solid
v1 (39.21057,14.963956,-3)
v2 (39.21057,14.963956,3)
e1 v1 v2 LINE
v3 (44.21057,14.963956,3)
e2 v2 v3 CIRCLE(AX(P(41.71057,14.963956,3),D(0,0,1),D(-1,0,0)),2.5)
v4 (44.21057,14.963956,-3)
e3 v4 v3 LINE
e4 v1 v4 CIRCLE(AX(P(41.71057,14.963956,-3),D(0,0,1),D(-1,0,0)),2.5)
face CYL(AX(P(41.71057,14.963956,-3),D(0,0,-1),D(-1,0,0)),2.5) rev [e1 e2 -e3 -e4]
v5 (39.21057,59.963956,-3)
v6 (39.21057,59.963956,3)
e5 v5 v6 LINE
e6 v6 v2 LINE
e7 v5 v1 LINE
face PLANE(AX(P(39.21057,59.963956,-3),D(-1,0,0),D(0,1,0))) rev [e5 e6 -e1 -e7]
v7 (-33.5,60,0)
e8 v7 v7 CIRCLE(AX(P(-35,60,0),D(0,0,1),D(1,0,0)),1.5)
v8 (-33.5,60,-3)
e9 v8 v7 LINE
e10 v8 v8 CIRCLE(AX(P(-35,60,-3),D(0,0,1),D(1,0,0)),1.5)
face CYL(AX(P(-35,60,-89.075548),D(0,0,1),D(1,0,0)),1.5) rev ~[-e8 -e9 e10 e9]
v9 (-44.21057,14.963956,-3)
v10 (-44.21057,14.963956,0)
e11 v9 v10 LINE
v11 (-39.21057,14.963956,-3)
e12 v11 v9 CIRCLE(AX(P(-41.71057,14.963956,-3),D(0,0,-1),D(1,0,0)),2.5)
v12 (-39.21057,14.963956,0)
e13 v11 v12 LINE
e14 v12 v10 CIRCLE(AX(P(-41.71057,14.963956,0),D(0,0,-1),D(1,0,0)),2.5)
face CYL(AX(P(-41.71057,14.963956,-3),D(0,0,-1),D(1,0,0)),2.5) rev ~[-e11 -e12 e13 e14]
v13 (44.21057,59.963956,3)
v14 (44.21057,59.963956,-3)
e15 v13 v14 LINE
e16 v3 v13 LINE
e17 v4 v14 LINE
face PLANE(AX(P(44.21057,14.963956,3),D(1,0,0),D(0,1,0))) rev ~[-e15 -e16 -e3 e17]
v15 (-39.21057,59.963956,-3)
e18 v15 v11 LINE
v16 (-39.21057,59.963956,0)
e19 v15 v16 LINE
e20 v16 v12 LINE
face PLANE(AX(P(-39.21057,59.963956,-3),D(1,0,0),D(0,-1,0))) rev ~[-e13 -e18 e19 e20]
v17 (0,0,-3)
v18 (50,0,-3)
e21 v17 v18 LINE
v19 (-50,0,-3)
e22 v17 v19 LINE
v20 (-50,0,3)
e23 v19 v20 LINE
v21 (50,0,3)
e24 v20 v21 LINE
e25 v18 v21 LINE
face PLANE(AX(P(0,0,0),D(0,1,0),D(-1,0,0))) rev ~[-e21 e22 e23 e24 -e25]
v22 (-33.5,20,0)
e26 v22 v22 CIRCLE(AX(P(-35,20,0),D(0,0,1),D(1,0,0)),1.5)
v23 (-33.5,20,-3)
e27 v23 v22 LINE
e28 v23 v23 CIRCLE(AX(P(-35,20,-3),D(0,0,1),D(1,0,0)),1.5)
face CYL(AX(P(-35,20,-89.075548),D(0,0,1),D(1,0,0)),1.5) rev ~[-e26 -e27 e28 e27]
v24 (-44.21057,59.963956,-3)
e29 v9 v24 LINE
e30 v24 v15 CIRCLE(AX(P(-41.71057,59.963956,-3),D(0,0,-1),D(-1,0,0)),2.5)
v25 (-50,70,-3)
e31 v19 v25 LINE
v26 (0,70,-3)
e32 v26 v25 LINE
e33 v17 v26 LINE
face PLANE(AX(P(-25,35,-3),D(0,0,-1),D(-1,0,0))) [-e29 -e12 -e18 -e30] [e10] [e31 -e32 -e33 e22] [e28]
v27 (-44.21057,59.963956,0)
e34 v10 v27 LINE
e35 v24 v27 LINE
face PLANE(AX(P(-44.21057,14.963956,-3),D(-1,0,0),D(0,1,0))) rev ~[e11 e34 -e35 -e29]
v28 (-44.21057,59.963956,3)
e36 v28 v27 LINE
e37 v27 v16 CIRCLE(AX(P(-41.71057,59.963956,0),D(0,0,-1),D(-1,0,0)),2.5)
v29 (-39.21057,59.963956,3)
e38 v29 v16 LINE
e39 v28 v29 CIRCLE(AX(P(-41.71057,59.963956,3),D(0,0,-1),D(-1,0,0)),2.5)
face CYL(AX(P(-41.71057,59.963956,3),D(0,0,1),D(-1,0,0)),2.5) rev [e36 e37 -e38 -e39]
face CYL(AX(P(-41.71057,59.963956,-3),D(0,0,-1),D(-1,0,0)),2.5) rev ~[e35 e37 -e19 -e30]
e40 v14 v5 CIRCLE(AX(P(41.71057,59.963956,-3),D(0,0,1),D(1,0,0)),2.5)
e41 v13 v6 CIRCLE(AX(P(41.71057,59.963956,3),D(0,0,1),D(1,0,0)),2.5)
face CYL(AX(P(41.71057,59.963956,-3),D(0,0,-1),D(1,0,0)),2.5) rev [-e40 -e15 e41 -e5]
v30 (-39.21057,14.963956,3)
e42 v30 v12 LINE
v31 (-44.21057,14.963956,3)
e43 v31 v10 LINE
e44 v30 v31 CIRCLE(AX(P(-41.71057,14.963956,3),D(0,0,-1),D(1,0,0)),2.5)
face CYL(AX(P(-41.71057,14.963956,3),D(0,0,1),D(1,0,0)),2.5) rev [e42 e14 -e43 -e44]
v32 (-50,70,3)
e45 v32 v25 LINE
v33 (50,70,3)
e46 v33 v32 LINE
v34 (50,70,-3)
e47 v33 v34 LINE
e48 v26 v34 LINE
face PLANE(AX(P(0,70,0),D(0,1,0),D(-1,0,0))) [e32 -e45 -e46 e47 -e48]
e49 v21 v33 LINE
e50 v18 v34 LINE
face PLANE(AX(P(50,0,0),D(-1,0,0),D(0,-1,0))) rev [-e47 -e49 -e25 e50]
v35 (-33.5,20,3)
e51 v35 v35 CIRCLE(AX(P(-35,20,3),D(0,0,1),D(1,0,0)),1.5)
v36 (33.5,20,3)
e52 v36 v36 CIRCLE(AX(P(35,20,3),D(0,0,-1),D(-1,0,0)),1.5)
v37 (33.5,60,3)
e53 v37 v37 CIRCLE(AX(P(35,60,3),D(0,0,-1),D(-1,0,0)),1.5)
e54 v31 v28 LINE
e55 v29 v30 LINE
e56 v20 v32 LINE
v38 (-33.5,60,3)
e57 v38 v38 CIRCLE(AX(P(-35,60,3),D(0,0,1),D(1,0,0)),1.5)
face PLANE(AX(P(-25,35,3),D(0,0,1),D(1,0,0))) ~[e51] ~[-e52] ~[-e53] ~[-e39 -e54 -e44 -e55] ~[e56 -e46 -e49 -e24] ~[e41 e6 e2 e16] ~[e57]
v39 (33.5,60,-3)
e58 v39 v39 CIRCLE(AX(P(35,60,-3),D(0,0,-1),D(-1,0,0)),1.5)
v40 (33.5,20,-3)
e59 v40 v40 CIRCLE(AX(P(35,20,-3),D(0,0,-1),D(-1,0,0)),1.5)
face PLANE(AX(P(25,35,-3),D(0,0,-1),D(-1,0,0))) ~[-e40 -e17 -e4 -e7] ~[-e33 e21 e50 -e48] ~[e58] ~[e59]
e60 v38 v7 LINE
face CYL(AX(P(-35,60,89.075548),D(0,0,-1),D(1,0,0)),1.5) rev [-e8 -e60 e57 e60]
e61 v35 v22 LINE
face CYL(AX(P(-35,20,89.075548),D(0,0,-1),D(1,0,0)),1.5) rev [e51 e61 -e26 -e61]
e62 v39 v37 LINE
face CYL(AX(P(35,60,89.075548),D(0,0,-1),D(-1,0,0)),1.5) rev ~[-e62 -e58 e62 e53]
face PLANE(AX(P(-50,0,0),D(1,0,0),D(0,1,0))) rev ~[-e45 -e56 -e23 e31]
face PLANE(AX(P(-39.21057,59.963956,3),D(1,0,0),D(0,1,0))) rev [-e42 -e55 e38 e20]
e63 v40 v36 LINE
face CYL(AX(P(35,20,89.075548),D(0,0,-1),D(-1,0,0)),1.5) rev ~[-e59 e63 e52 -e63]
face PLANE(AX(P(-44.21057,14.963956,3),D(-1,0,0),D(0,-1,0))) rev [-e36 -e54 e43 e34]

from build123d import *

# Parameters (mm, degrees)
F0_W     = 50
F0_H     = 70
F1_DEPTH = 3
F3_D     = 3
F6_DEPTH = 33


with BuildPart() as f1:
    # F0 (on Top) → F1 (new body)
    with BuildSketch(Plane.XY):
        with Locations((25, 35)):
            Rectangle(F0_W, F0_H)
    extrude(amount=F1_DEPTH)

    # F3 (through all)
    with Locations(Plane.XY.offset(3)):
        with Locations((35, 20), (35, 60)):
            Hole(F3_D / 2)

    # F5 (on face) → F6 (cut)
    with BuildSketch(Plane.XY.offset(3)):
        with BuildLine():
            ThreePointArc((44.21057, 59.963956), (41.71057, 62.463956), (39.21057, 59.963956))
            Line((39.21057, 59.963956), (39.21057, 14.963956))
            ThreePointArc((39.21057, 14.963956), (41.71057, 12.463956), (44.21057, 14.963956))
            Line((44.21057, 14.963956), (44.21057, 59.963956))
        make_face()
    extrude(amount=-F6_DEPTH, mode=Mode.SUBTRACT)

    # F7: F1 across plane


with BuildPart() as f1_1:
    add(f1.part)
    add(f1.part.mirror(Plane.XY))

    # F8: F1 across plane


with BuildPart() as f1_2:
    add(f1_1.part)
    add(f1_1.part.mirror(Plane.YZ))


solid = f1_2.part
